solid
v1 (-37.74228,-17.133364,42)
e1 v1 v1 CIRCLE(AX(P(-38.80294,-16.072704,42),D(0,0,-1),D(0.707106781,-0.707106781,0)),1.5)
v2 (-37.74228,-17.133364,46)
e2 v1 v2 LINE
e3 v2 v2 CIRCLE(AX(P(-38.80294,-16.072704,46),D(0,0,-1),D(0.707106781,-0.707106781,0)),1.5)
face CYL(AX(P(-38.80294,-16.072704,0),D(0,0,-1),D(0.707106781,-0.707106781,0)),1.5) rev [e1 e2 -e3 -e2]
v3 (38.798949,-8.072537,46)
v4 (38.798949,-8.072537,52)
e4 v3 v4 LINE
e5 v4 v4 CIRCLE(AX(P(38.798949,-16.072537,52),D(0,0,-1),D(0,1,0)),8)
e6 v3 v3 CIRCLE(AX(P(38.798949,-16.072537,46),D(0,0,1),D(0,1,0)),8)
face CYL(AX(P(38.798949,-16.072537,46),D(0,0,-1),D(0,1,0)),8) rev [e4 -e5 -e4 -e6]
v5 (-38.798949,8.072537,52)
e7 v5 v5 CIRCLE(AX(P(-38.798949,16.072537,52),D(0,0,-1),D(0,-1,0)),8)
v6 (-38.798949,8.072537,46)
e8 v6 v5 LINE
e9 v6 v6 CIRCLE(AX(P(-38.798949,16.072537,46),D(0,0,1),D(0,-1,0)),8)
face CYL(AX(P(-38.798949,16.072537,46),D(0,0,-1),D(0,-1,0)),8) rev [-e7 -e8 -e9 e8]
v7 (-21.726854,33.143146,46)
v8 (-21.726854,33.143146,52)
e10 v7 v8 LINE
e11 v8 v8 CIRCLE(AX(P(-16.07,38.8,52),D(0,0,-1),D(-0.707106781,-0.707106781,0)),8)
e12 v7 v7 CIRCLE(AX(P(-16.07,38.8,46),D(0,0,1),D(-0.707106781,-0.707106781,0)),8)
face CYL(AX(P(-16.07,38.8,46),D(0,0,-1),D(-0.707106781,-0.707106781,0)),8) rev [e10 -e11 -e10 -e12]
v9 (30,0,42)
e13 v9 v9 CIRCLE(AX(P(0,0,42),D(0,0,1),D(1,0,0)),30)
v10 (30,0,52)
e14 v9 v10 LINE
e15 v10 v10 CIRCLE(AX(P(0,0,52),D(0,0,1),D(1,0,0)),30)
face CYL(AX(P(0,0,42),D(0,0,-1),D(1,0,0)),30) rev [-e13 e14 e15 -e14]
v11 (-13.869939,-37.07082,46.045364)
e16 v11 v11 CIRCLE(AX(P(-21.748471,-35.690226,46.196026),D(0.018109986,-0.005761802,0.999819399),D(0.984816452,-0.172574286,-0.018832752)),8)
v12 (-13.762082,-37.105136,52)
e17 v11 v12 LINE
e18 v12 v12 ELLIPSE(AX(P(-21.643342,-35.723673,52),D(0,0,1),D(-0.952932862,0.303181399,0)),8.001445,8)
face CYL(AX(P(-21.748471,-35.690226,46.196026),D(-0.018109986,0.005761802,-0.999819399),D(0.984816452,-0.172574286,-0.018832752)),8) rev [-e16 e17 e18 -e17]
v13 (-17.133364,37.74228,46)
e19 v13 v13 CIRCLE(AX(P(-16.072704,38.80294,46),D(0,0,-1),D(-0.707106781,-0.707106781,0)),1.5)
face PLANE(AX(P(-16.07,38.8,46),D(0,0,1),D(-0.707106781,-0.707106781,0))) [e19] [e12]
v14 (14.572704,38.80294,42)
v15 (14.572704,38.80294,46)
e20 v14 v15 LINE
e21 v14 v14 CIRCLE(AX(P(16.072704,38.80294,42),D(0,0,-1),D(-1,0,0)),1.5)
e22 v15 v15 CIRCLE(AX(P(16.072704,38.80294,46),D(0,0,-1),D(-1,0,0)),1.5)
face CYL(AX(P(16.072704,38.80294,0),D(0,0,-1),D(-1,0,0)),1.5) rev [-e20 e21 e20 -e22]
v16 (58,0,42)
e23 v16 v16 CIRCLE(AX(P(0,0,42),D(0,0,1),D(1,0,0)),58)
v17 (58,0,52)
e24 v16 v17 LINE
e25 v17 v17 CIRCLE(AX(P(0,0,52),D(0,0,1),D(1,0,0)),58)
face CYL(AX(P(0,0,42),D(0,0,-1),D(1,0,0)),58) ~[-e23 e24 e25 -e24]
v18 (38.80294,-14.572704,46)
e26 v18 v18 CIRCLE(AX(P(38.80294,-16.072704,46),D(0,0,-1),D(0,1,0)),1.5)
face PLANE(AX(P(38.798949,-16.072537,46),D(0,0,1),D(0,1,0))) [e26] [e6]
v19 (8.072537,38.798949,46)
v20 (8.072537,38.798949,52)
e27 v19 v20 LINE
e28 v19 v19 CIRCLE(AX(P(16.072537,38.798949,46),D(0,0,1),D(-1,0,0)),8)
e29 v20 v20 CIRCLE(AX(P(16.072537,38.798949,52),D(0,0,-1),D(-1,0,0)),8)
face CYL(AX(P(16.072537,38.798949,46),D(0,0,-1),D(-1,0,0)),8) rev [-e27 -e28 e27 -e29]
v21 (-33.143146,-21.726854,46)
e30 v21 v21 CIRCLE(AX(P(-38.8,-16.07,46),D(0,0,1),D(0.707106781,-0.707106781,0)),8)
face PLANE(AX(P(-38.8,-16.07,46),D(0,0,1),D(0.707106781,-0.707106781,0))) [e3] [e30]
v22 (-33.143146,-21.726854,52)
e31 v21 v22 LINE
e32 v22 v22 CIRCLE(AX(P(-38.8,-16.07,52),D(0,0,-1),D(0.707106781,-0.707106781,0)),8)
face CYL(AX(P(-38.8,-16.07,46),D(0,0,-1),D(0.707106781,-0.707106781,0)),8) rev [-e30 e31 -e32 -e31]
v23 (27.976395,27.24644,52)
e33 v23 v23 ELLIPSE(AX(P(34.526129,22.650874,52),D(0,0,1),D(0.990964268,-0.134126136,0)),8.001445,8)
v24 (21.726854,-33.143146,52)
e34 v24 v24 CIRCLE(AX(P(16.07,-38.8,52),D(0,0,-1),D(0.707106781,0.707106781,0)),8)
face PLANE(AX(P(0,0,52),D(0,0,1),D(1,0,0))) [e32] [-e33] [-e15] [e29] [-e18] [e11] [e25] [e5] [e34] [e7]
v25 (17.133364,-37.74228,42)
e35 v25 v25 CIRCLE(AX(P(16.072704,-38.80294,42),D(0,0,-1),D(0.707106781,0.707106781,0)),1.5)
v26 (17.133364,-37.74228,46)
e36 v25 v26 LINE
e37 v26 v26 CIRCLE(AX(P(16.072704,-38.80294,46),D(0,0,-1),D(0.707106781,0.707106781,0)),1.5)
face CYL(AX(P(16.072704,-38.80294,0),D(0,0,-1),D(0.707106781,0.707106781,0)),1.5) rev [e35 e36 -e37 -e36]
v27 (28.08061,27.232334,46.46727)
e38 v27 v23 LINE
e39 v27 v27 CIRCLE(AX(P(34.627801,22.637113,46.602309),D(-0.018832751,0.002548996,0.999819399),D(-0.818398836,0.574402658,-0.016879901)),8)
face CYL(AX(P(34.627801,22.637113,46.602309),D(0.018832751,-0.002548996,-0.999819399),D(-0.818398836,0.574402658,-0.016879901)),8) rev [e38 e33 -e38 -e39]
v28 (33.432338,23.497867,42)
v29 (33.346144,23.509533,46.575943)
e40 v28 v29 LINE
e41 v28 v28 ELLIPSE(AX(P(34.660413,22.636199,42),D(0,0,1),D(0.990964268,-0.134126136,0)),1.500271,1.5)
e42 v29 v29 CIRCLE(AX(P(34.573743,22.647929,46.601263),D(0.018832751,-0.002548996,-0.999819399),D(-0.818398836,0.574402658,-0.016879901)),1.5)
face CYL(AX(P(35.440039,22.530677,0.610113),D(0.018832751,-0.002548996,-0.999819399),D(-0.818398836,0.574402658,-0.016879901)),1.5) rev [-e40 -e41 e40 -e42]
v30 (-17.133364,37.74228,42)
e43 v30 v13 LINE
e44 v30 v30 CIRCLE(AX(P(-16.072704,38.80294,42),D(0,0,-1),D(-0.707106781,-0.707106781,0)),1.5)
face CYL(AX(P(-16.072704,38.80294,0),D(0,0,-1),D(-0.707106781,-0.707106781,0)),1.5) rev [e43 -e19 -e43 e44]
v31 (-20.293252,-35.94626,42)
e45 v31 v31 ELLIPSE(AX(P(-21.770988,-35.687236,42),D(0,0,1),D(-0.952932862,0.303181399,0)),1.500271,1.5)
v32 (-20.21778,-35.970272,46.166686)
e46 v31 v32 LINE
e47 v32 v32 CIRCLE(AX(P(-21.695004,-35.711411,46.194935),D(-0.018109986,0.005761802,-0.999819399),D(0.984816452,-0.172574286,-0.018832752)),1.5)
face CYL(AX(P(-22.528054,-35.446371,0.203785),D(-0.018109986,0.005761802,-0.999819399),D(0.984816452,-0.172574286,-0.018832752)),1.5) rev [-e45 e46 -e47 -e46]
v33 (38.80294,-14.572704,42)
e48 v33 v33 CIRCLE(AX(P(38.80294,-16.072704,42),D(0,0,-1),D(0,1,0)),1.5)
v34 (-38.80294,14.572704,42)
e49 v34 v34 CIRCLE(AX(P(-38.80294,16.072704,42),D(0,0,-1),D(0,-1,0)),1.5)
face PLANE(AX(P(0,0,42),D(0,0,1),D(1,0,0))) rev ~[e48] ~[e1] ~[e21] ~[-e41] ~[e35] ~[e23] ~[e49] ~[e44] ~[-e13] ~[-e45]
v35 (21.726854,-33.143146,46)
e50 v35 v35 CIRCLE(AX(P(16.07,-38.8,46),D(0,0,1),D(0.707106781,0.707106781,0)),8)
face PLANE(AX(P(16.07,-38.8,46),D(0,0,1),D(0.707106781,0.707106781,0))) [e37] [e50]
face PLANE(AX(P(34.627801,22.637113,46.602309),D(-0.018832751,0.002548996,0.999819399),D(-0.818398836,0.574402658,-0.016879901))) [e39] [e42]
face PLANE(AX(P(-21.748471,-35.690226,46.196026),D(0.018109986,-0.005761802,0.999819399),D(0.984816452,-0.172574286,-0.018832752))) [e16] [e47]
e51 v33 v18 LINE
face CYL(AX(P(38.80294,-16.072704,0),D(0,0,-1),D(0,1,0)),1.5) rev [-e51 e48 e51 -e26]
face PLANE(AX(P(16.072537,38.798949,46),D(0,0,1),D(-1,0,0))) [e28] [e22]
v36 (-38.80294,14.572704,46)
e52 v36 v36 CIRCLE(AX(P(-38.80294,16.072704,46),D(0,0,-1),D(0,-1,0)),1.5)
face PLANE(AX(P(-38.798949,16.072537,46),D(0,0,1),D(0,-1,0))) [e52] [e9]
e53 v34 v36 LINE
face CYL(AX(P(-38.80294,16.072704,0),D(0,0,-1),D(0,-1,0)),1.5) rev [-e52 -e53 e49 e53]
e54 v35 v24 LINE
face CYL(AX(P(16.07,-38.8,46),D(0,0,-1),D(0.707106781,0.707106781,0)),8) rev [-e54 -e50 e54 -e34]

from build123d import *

# Parameters (mm, degrees)
CYLINDER469_R               = 1.5
CYLINDER469_DEPTH           = 100
CYLINDER472_R               = 1.5
CYLINDER472_DEPTH           = 100
CYLINDER472_ROLL_ANGLE      = -0.500355
CYLINDER472_PITCH_ANGLE     = 0.967193
CYLINDER472_PLACEMENT_ANGLE = 144.93646
CYLINDER481_R               = 1.5
CYLINDER481_DEPTH           = 100
CYLINDER476_R               = 1.5
CYLINDER476_DEPTH           = 100
CYLINDER476_PLACEMENT_ANGLE = 225
CYLINDER470_R               = 1.5
CYLINDER470_DEPTH           = 100
CYLINDER475_R               = 1.5
CYLINDER475_DEPTH           = 100
CYLINDER475_PLACEMENT_ANGLE = 45
CYLINDER479_R               = 1.5
CYLINDER479_DEPTH           = 100
CYLINDER479_ROLL_ANGLE      = 0.146073
CYLINDER479_PITCH_ANGLE     = 1.079101
CYLINDER479_PLACEMENT_ANGLE = -9.939308
CYLINDER471_R               = 1.5
CYLINDER471_DEPTH           = 100
CYLINDER471_PLACEMENT_ANGLE = 45
CYLINDER468_R               = 8
CYLINDER468_DEPTH           = 18
CYLINDER480_R               = 8
CYLINDER480_DEPTH           = 18
CYLINDER480_PLACEMENT_ANGLE = 225
CYLINDER483_R               = 8
CYLINDER483_DEPTH           = 18
CYLINDER482_R               = 8
CYLINDER482_DEPTH           = 18
CYLINDER482_ROLL_ANGLE      = -0.500355
CYLINDER482_PITCH_ANGLE     = 0.967193
CYLINDER482_PLACEMENT_ANGLE = 144.93646
CYLINDER474_R               = 8
CYLINDER474_DEPTH           = 18
CYLINDER478_R               = 8
CYLINDER478_DEPTH           = 18
CYLINDER478_PLACEMENT_ANGLE = 45
CYLINDER473_R               = 8
CYLINDER473_DEPTH           = 18
CYLINDER473_ROLL_ANGLE      = 0.146073
CYLINDER473_PITCH_ANGLE     = 1.079101
CYLINDER473_PLACEMENT_ANGLE = -9.939308
CYLINDER477_R               = 8
CYLINDER477_DEPTH           = 18
CYLINDER477_PLACEMENT_ANGLE = 45
TUBE025_R                   = 58
TUBE025_R_2                 = 30
TUBE025_DEPTH               = 10


with BuildPart() as v_lec469:
    # Cylinder469 → Cylinder469 (new body)
    with BuildSketch(Plane(origin=(38.80294, -16.072704, 0), x_dir=(0, 1, 0), z_dir=(0, 0, 1))):
        Circle(CYLINDER469_R)
    extrude(amount=CYLINDER469_DEPTH)


with BuildPart() as v_lec472:
    # Cylinder472 → Cylinder472 (new body)
    with BuildSketch(Plane.XY):
        Circle(CYLINDER472_R)
    extrude(amount=CYLINDER472_DEPTH)


with BuildPart() as v_lec472_1:
    # Cylinder472 roll: moved
    add(v_lec472.part.rotate(Axis((0, 0, 0), (1, 0, 0)), CYLINDER472_ROLL_ANGLE))


with BuildPart() as v_lec472_2:
    # Cylinder472 pitch: moved
    add(v_lec472_1.part.rotate(Axis((0, 0, 0), (0, 1, 0)), CYLINDER472_PITCH_ANGLE))


with BuildPart() as v_lec472_3:
    # Cylinder472 placement: moved
    add(v_lec472_2.part.moved(Location((35.440039, 22.530677, 0.610113))).rotate(Axis((35.440039, 22.530677, 0.610113), (0, 0, 1)), CYLINDER472_PLACEMENT_ANGLE))


with BuildPart() as v_lec481:
    # Cylinder481 → Cylinder481 (new body)
    with BuildSketch(Plane(origin=(16.072704, 38.80294, 0), x_dir=(-1, 0, 0), z_dir=(0, 0, 1))):
        Circle(CYLINDER481_R)
    extrude(amount=CYLINDER481_DEPTH)


with BuildPart() as v_lec476:
    # Cylinder476 → Cylinder476 (new body)
    with BuildSketch(Plane.XY):
        Circle(CYLINDER476_R)
    extrude(amount=CYLINDER476_DEPTH)


with BuildPart() as v_lec476_1:
    # Cylinder476 placement: moved
    add(v_lec476.part.moved(Location((-16.072704, 38.80294, 0))).rotate(Axis((-16.072704, 38.80294, 0), (0, 0, 1)), CYLINDER476_PLACEMENT_ANGLE))


with BuildPart() as v_lec470:
    # Cylinder470 → Cylinder470 (new body)
    with BuildSketch(Plane(origin=(-38.80294, 16.072704, 0), x_dir=(0, -1, 0), z_dir=(0, 0, 1))):
        Circle(CYLINDER470_R)
    extrude(amount=CYLINDER470_DEPTH)


with BuildPart() as v_lec475:
    # Cylinder475 → Cylinder475 (new body)
    with BuildSketch(Plane.XY):
        Circle(CYLINDER475_R)
    extrude(amount=CYLINDER475_DEPTH)


with BuildPart() as v_lec475_1:
    # Cylinder475 placement: moved
    add(v_lec475.part.moved(Location((-38.80294, -16.072704, 0))).rotate(Axis((-38.80294, -16.072704, 0), (0, 0, -1)), CYLINDER475_PLACEMENT_ANGLE))


with BuildPart() as v_lec479:
    # Cylinder479 → Cylinder479 (new body)
    with BuildSketch(Plane.XY):
        Circle(CYLINDER479_R)
    extrude(amount=CYLINDER479_DEPTH)


with BuildPart() as v_lec479_1:
    # Cylinder479 roll: moved
    add(v_lec479.part.rotate(Axis((0, 0, 0), (1, 0, 0)), CYLINDER479_ROLL_ANGLE))


with BuildPart() as v_lec479_2:
    # Cylinder479 pitch: moved
    add(v_lec479_1.part.rotate(Axis((0, 0, 0), (0, 1, 0)), CYLINDER479_PITCH_ANGLE))


with BuildPart() as v_lec479_3:
    # Cylinder479 placement: moved
    add(v_lec479_2.part.moved(Location((-22.528054, -35.446371, 0.203785))).rotate(Axis((-22.528054, -35.446371, 0.203785), (0, 0, 1)), CYLINDER479_PLACEMENT_ANGLE))


with BuildPart() as compound338:
    # Cylinder471 → Cylinder471 (new body)
    with BuildSketch(Plane.XY):
        Circle(CYLINDER471_R)
    extrude(amount=CYLINDER471_DEPTH)


with BuildPart() as compound338_1:
    # Cylinder471 placement: moved
    add(compound338.part.moved(Location((16.072704, -38.80294, 0))).rotate(Axis((16.072704, -38.80294, 0), (0, 0, 1)), CYLINDER471_PLACEMENT_ANGLE))

    # Compound338: union Válec469, Válec472, Válec481, Válec476, Válec470, Válec475, Válec479
    add(v_lec469.part)
    add(v_lec472_3.part)
    add(v_lec481.part)
    add(v_lec476_1.part)
    add(v_lec470.part)
    add(v_lec475_1.part)
    add(v_lec479_3.part)


with BuildPart() as v_lec468:
    # Cylinder468 → Cylinder468 (new body)
    with BuildSketch(Plane(origin=(-38.798949, 16.072537, 43), x_dir=(0, -1, 0), z_dir=(0, 0, 1))):
        Circle(CYLINDER468_R)
    extrude(amount=CYLINDER468_DEPTH)


with BuildPart() as v_lec480:
    # Cylinder480 → Cylinder480 (new body)
    with BuildSketch(Plane.XY):
        Circle(CYLINDER480_R)
    extrude(amount=CYLINDER480_DEPTH)


with BuildPart() as v_lec480_1:
    # Cylinder480 placement: moved
    add(v_lec480.part.moved(Location((-16.07, 38.8, 43))).rotate(Axis((-16.07, 38.8, 43), (0, 0, 1)), CYLINDER480_PLACEMENT_ANGLE))


with BuildPart() as v_lec483:
    # Cylinder483 → Cylinder483 (new body)
    with BuildSketch(Plane(origin=(16.072537, 38.798949, 43), x_dir=(-1, 0, 0), z_dir=(0, 0, 1))):
        Circle(CYLINDER483_R)
    extrude(amount=CYLINDER483_DEPTH)


with BuildPart() as v_lec482:
    # Cylinder482 → Cylinder482 (new body)
    with BuildSketch(Plane.XY):
        Circle(CYLINDER482_R)
    extrude(amount=CYLINDER482_DEPTH)


with BuildPart() as v_lec482_1:
    # Cylinder482 roll: moved
    add(v_lec482.part.rotate(Axis((0, 0, 0), (1, 0, 0)), CYLINDER482_ROLL_ANGLE))


with BuildPart() as v_lec482_2:
    # Cylinder482 pitch: moved
    add(v_lec482_1.part.rotate(Axis((0, 0, 0), (0, 1, 0)), CYLINDER482_PITCH_ANGLE))


with BuildPart() as v_lec482_3:
    # Cylinder482 placement: moved
    add(v_lec482_2.part.moved(Location((34.627801, 22.637113, 43.602309))).rotate(Axis((34.627801, 22.637113, 43.602309), (0, 0, 1)), CYLINDER482_PLACEMENT_ANGLE))


with BuildPart() as v_lec474:
    # Cylinder474 → Cylinder474 (new body)
    with BuildSketch(Plane(origin=(38.798949, -16.072537, 43), x_dir=(0, 1, 0), z_dir=(0, 0, 1))):
        Circle(CYLINDER474_R)
    extrude(amount=CYLINDER474_DEPTH)


with BuildPart() as v_lec478:
    # Cylinder478 → Cylinder478 (new body)
    with BuildSketch(Plane.XY):
        Circle(CYLINDER478_R)
    extrude(amount=CYLINDER478_DEPTH)


with BuildPart() as v_lec478_1:
    # Cylinder478 placement: moved
    add(v_lec478.part.moved(Location((16.07, -38.8, 43))).rotate(Axis((16.07, -38.8, 43), (0, 0, 1)), CYLINDER478_PLACEMENT_ANGLE))


with BuildPart() as v_lec473:
    # Cylinder473 → Cylinder473 (new body)
    with BuildSketch(Plane.XY):
        Circle(CYLINDER473_R)
    extrude(amount=CYLINDER473_DEPTH)


with BuildPart() as v_lec473_1:
    # Cylinder473 roll: moved
    add(v_lec473.part.rotate(Axis((0, 0, 0), (1, 0, 0)), CYLINDER473_ROLL_ANGLE))


with BuildPart() as v_lec473_2:
    # Cylinder473 pitch: moved
    add(v_lec473_1.part.rotate(Axis((0, 0, 0), (0, 1, 0)), CYLINDER473_PITCH_ANGLE))


with BuildPart() as v_lec473_3:
    # Cylinder473 placement: moved
    add(v_lec473_2.part.moved(Location((-21.748471, -35.690226, 43.196026))).rotate(Axis((-21.748471, -35.690226, 43.196026), (0, 0, 1)), CYLINDER473_PLACEMENT_ANGLE))


with BuildPart() as compound336:
    # Cylinder477 → Cylinder477 (new body)
    with BuildSketch(Plane.XY):
        Circle(CYLINDER477_R)
    extrude(amount=CYLINDER477_DEPTH)


with BuildPart() as compound336_1:
    # Cylinder477 placement: moved
    add(compound336.part.moved(Location((-38.8, -16.07, 43))).rotate(Axis((-38.8, -16.07, 43), (0, 0, -1)), CYLINDER477_PLACEMENT_ANGLE))

    # Compound336: union Válec468, Válec480, Válec483, Válec482, Válec474, Válec478, Válec473
    add(v_lec468.part)
    add(v_lec480_1.part)
    add(v_lec483.part)
    add(v_lec482_3.part)
    add(v_lec474.part)
    add(v_lec478_1.part)
    add(v_lec473_3.part)


with BuildPart() as compound336_2:
    # Compound336 placement: moved
    add(compound336_1.part.moved(Location((0, 0, 3))))


with BuildPart() as bazovina_part_f_dirovina001:
    # Tube025 → Tube025 (new body)
    with BuildSketch(Plane.XY.offset(42)):
        Circle(TUBE025_R)
        Circle(TUBE025_R_2, mode=Mode.SUBTRACT)
    extrude(amount=TUBE025_DEPTH)

    # Cut173: cut Compound336
    add(compound336_2.part, mode=Mode.SUBTRACT)

    # Cut174: cut Compound338
    add(compound338_1.part, mode=Mode.SUBTRACT)


solid = bazovina_part_f_dirovina001.part
